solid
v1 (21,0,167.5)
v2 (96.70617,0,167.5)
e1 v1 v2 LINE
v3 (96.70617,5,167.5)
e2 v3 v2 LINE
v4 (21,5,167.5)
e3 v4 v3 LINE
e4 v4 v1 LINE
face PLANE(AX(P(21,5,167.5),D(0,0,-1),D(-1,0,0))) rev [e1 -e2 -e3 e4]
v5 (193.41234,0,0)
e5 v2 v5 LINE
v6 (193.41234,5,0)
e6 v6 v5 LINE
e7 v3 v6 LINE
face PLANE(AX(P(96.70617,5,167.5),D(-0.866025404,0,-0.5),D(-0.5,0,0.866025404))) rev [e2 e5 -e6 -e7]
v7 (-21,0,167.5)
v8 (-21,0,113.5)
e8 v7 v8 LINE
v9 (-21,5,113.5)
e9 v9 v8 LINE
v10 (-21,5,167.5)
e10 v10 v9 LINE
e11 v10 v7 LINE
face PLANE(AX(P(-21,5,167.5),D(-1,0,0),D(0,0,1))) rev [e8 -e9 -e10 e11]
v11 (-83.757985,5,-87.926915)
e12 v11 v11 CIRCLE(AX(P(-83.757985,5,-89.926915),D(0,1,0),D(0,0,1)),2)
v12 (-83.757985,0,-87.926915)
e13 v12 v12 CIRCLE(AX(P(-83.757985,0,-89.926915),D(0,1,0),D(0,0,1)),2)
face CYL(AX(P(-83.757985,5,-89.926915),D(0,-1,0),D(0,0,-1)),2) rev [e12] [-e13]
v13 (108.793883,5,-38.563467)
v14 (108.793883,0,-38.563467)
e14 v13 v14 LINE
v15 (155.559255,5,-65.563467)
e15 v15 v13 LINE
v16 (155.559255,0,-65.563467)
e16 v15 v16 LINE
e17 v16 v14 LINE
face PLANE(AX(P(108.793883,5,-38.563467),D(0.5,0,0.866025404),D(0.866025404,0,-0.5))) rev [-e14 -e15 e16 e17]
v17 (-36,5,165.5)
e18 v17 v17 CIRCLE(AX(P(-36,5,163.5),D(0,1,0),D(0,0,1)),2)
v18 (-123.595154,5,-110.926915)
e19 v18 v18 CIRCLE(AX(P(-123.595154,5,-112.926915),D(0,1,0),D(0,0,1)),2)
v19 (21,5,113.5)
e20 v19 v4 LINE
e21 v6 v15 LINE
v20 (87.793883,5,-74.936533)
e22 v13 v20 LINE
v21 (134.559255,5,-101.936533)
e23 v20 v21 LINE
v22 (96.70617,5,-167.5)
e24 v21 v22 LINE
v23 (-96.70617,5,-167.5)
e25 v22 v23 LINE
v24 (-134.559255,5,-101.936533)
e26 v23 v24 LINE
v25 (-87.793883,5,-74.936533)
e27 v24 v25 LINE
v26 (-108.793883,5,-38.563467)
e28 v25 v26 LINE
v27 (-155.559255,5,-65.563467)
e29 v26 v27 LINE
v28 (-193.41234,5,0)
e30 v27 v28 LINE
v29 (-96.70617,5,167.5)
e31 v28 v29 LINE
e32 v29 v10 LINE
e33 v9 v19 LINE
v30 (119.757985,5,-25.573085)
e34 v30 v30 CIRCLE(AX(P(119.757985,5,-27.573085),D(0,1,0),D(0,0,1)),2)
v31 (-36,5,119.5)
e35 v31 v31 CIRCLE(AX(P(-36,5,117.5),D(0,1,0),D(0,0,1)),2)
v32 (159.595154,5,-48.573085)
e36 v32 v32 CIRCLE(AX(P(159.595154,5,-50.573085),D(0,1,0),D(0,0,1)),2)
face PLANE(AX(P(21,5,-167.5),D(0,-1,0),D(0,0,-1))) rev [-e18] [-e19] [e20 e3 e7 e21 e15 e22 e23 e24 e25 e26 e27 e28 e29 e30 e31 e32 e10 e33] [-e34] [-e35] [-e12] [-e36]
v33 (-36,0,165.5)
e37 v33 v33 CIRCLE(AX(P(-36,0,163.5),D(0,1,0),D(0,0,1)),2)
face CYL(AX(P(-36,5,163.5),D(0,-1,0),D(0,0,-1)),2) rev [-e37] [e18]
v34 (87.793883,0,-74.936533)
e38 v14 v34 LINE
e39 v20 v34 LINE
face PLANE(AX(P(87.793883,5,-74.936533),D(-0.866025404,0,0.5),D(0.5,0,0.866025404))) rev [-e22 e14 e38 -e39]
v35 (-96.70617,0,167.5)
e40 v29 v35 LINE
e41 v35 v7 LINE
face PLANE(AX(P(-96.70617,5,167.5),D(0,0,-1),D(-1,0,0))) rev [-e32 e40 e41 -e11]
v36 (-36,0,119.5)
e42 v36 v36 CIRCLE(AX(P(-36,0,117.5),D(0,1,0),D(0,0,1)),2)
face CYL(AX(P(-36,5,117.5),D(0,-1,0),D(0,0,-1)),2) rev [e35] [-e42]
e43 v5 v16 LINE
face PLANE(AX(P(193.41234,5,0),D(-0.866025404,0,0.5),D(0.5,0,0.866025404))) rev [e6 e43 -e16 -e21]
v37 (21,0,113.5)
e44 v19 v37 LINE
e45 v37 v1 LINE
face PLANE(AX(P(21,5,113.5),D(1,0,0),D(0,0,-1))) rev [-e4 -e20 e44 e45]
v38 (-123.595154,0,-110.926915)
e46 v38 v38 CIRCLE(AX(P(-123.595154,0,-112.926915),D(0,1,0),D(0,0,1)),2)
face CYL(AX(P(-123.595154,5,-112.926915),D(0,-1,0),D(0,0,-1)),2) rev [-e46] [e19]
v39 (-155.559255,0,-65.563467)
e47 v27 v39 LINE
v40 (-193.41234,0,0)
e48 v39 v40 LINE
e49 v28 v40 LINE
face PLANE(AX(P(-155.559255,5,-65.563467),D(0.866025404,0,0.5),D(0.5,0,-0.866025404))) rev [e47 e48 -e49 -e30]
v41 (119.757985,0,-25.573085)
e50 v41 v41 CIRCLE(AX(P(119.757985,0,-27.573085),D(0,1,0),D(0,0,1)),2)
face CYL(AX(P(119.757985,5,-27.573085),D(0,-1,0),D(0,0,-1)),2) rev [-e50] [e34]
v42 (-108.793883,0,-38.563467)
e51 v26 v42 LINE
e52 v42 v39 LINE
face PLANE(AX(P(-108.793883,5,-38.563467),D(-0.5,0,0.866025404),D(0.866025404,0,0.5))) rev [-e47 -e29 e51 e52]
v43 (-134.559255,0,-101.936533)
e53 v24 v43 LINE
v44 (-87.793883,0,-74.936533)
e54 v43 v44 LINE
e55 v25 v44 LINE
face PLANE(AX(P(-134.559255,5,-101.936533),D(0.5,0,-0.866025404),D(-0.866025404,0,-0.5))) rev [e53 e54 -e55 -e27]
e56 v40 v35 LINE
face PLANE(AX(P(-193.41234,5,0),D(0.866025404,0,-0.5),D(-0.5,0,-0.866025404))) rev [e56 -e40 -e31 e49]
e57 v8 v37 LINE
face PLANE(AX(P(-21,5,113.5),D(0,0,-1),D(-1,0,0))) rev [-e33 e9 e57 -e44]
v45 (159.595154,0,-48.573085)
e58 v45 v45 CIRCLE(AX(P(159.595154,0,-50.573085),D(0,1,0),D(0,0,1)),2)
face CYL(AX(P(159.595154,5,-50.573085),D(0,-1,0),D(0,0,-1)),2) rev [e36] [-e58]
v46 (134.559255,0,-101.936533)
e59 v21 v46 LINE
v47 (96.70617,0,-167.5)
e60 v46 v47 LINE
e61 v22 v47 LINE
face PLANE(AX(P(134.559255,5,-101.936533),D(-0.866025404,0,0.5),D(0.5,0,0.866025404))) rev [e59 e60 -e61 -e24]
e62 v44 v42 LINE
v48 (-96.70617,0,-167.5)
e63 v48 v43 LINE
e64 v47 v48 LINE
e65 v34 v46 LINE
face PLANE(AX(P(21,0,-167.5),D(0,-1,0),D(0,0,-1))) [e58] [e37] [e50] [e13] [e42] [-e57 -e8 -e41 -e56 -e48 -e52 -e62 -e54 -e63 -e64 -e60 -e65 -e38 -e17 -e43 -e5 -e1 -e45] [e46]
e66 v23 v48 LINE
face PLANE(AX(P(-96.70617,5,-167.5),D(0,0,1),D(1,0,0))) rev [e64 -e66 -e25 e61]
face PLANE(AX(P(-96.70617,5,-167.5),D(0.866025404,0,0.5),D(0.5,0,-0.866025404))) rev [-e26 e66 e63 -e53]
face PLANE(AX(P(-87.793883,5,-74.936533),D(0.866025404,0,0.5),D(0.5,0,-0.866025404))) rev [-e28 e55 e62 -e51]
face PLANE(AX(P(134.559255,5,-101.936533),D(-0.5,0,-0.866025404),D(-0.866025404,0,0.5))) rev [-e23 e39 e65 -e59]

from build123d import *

# Parameters (mm, degrees)
SKETCH1_R           = 2
BOSS_EXTRUDE1_DEPTH = 5


with BuildPart() as part:
    # Sketch1 → Boss-Extrude1 (new body)
    with BuildSketch(Plane(origin=(0, 0, 0), x_dir=(1, 0, 0), z_dir=(0, 1, 0))):
        Polygon((-96.706170089, 167.5), (-134.559255134, 101.936533479), (-87.79388333, 74.936533479), (-108.79388333, 38.563466521), (-155.559255134, 65.563466521), (-193.412340179, 0), (-96.706170089, -167.5), (-21, -167.5), (-21, -113.5), (21, -113.5), (21, -167.5), (96.706170089, -167.5), (193.412340179, 0), (155.559255134, 65.563466521), (108.79388333, 38.563466521), (87.79388333, 74.936533479), (134.559255134, 101.936533479), (96.706170089, 167.5), align=None)
        with Locations(Location((-36, -163.5, 0), (0, 0, 270))):
            Circle(SKETCH1_R, mode=Mode.SUBTRACT)
        with Locations(Location((-36, -117.5, 0), (0, 0, 270))):
            Circle(SKETCH1_R, mode=Mode.SUBTRACT)
        with Locations(Location((-123.595153519, 112.926914536, 0), (0, 0, 270))):
            Circle(SKETCH1_R, mode=Mode.SUBTRACT)
        with Locations(Location((-83.757984945, 89.926914536, 0), (0, 0, 270))):
            Circle(SKETCH1_R, mode=Mode.SUBTRACT)
        with Locations(Location((159.595153519, 50.573085464, 0), (0, 0, 270))):
            Circle(SKETCH1_R, mode=Mode.SUBTRACT)
        with Locations(Location((119.757984945, 27.573085464, 0), (0, 0, 270))):
            Circle(SKETCH1_R, mode=Mode.SUBTRACT)
    extrude(amount=BOSS_EXTRUDE1_DEPTH)


solid = part.part
